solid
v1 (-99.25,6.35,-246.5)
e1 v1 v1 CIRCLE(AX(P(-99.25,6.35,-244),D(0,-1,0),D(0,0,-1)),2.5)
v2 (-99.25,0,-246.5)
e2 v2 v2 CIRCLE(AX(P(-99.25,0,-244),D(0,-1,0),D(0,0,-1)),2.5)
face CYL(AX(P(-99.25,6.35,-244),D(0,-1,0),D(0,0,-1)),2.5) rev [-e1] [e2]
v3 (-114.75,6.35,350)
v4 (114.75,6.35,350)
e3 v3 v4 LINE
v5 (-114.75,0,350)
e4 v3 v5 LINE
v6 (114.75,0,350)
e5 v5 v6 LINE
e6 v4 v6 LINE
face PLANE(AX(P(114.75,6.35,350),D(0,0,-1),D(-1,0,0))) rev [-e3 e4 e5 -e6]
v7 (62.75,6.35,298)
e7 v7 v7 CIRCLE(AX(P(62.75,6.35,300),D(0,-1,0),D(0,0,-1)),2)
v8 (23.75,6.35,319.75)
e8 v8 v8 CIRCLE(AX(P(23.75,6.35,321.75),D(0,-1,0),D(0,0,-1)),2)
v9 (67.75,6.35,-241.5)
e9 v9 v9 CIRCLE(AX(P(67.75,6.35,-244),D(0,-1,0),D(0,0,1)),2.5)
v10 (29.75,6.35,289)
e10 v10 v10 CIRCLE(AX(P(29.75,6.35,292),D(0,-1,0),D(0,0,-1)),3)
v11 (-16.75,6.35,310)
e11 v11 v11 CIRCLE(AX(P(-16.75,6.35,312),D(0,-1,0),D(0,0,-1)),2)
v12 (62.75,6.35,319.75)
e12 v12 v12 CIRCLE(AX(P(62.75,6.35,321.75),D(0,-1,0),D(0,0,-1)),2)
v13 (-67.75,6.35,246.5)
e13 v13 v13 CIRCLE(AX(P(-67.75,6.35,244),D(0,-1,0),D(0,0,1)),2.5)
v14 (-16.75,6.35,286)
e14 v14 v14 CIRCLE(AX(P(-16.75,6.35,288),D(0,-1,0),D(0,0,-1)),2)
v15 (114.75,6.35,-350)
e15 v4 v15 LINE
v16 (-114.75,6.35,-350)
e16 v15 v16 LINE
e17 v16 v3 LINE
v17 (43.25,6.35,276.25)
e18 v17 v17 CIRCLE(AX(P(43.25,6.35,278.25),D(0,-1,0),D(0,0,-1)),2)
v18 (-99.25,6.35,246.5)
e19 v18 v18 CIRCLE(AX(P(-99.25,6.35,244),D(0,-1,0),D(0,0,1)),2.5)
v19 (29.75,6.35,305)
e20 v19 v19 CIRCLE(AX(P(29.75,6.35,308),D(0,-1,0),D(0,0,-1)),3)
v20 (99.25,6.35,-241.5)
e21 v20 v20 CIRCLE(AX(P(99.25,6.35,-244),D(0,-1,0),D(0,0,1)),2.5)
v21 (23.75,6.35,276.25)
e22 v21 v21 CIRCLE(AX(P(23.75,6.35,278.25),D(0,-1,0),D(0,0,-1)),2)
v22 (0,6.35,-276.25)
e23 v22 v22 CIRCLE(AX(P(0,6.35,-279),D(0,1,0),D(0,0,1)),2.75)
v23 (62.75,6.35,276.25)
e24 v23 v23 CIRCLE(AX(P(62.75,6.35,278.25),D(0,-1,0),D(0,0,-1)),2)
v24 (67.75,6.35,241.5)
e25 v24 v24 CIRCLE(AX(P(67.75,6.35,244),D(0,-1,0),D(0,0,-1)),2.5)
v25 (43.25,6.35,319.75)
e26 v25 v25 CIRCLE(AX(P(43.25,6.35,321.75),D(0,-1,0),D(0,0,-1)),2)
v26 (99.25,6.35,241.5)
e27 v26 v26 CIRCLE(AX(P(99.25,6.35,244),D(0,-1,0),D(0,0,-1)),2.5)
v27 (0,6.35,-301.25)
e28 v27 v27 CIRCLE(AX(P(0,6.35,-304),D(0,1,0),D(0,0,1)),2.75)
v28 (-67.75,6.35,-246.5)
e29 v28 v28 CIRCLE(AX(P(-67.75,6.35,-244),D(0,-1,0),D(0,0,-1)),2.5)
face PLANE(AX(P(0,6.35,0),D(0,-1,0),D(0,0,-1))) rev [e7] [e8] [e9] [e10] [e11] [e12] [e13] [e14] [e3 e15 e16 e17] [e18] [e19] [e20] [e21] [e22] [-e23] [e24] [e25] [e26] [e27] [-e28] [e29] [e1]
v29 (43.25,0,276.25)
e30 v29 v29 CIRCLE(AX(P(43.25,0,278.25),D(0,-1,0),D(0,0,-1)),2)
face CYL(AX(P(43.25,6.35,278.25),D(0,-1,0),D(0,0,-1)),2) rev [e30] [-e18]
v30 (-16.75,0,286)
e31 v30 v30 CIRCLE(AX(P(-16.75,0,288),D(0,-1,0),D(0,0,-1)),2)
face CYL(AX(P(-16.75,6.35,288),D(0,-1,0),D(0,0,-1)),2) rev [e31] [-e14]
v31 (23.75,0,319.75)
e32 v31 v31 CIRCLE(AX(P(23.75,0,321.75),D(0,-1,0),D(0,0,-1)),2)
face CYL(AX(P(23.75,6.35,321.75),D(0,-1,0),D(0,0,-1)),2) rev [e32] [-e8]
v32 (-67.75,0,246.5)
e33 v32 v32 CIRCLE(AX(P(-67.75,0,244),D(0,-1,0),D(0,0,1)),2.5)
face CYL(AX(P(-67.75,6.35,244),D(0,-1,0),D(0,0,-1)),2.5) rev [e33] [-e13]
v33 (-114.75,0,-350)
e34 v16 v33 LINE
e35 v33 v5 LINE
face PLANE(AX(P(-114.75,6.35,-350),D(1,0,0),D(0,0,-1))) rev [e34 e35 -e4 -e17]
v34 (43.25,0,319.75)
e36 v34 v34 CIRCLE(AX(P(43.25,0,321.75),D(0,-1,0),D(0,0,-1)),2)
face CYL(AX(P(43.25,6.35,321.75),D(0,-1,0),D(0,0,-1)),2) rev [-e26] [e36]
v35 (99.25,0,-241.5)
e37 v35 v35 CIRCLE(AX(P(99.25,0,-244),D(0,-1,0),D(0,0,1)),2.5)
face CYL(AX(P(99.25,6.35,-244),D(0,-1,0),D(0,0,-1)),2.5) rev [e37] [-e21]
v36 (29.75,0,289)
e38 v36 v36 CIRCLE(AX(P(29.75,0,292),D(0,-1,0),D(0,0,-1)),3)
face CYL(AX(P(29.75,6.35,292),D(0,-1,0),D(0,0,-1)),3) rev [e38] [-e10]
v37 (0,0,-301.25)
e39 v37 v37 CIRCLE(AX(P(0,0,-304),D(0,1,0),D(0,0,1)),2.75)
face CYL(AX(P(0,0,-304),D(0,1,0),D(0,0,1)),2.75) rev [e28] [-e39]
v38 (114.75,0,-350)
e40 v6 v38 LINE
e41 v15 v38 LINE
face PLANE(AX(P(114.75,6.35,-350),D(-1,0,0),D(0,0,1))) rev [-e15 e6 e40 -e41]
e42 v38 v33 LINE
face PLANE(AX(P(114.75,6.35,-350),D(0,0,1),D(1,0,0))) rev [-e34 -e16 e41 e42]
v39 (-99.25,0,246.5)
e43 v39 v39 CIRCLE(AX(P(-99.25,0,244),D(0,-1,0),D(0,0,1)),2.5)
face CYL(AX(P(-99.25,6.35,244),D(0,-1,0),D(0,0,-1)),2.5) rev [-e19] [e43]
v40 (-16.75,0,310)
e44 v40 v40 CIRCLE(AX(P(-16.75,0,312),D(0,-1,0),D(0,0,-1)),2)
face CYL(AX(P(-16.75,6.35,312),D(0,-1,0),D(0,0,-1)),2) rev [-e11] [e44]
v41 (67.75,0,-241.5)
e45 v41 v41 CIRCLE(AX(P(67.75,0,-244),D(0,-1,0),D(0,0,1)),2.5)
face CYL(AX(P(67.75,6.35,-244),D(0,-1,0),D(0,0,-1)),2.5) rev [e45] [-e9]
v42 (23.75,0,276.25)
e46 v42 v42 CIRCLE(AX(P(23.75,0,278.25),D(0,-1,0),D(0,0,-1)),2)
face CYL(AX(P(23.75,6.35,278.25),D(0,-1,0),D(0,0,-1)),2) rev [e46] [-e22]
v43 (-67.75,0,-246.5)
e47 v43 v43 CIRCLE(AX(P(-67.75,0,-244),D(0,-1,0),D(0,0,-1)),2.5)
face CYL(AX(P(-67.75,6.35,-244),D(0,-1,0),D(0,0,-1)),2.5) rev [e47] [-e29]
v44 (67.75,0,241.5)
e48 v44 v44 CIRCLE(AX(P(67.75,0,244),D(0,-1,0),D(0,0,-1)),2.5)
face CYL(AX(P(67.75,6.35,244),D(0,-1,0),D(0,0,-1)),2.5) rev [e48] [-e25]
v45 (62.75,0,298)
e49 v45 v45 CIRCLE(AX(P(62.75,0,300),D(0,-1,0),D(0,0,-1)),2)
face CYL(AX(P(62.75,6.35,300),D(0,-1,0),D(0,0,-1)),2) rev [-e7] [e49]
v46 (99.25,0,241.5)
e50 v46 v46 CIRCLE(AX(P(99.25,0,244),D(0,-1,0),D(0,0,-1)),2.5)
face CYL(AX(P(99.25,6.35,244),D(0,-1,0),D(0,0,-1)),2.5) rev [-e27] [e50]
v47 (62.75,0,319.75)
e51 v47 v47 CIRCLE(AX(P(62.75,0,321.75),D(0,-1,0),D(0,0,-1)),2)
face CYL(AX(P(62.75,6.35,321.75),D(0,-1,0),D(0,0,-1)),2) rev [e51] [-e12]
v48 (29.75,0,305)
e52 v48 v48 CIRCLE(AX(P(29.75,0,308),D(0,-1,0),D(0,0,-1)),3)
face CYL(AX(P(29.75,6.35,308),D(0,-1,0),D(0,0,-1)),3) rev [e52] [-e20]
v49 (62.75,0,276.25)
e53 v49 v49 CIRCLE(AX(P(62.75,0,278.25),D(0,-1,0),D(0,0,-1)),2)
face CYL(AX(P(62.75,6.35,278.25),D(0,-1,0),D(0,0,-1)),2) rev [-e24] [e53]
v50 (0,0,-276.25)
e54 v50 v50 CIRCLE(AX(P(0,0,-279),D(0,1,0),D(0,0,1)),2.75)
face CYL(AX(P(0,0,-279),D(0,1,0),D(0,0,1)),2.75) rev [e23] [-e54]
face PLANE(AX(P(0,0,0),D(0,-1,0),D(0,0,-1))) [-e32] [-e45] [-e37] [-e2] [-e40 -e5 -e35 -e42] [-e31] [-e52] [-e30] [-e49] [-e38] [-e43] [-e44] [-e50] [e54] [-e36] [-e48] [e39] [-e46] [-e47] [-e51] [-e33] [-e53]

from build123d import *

# Parameters (mm, degrees)
ESQUISSE1_W             = 229.5
ESQUISSE1_H             = 700
BOSS_EXTRU_1_DEPTH      = 6.35
ESQUISSE2_R             = 2
ESQUISSE2_R_2           = 3
ESQUISSE2_R_3           = 2.5
ENL_V_MAT_EXTRU_1_DEPTH = 369.385511387
ESQUISSE3_R             = 2.75
ENL_V_MAT_EXTRU_2_DEPTH = 369.385511387


with BuildPart() as part:
    # Esquisse1 → Boss.-Extru.1 (new body)
    with BuildSketch(Plane(origin=(0, 0, 0), x_dir=(1, 0, 0), z_dir=(0, 1, 0))):
        Rectangle(ESQUISSE1_W, ESQUISSE1_H)
    extrude(amount=BOSS_EXTRU_1_DEPTH)

    # Esquisse2 → Enlèv. mat.-Extru.1 (cut, through all)
    with BuildSketch(Plane.XZ):
        with Locations(Location((-16.75, 312, 0), (0, 0, 270))):
            Circle(ESQUISSE2_R)
        with Locations(Location((-16.75, 288, 0), (0, 0, 270))):
            Circle(ESQUISSE2_R)
        with Locations(Location((23.75, 321.75, 0), (0, 0, 270))):
            Circle(ESQUISSE2_R)
        with Locations(Location((23.75, 278.25, 0), (0, 0, 270))):
            Circle(ESQUISSE2_R)
        with Locations(Location((43.25, 278.25, 0), (0, 0, 270))):
            Circle(ESQUISSE2_R)
        with Locations(Location((43.25, 321.75, 0), (0, 0, 270))):
            Circle(ESQUISSE2_R)
        with Locations(Location((62.75, 321.75, 0), (0, 0, 270))):
            Circle(ESQUISSE2_R)
        with Locations(Location((62.75, 300, 0), (0, 0, 270))):
            Circle(ESQUISSE2_R)
        with Locations(Location((62.75, 278.25, 0), (0, 0, 270))):
            Circle(ESQUISSE2_R)
        with Locations(Location((29.75, 292, 0), (0, 0, 270))):
            Circle(ESQUISSE2_R_2)
        with Locations(Location((29.75, 308, 0), (0, 0, 270))):
            Circle(ESQUISSE2_R_2)
        with Locations(Location((67.75, 244, 0), (0, 0, 270))):
            Circle(ESQUISSE2_R_3)
        with Locations(Location((99.25, 244, 0), (0, 0, 270))):
            Circle(ESQUISSE2_R_3)
        with Locations(Location((67.75, -244, 0), (0, 0, 90))):
            Circle(ESQUISSE2_R_3)
        with Locations(Location((99.25, -244, 0), (0, 0, 90))):
            Circle(ESQUISSE2_R_3)
        with Locations(Location((-99.25, -244, 0), (0, 0, 270))):
            Circle(ESQUISSE2_R_3)
        with Locations(Location((-67.75, -244, 0), (0, 0, 270))):
            Circle(ESQUISSE2_R_3)
        with Locations(Location((-99.25, 244, 0), (0, 0, 90))):
            Circle(ESQUISSE2_R_3)
        with Locations(Location((-67.75, 244, 0), (0, 0, 90))):
            Circle(ESQUISSE2_R_3)
    extrude(amount=-ENL_V_MAT_EXTRU_1_DEPTH, mode=Mode.SUBTRACT)

    # Esquisse3 → Enlèv. mat.-Extru.2 (cut, through all)
    with BuildSketch(Plane(origin=(0, 6.35, 0), x_dir=(1, 0, 0), z_dir=(0, 1, 0))):
        with Locations(Location((0, 279, 0), (0, 0, 270))):
            Circle(ESQUISSE3_R)
        with Locations(Location((0, 304, 0), (0, 0, 270))):
            Circle(ESQUISSE3_R)
    extrude(amount=-ENL_V_MAT_EXTRU_2_DEPTH, mode=Mode.SUBTRACT)


solid = part.part
